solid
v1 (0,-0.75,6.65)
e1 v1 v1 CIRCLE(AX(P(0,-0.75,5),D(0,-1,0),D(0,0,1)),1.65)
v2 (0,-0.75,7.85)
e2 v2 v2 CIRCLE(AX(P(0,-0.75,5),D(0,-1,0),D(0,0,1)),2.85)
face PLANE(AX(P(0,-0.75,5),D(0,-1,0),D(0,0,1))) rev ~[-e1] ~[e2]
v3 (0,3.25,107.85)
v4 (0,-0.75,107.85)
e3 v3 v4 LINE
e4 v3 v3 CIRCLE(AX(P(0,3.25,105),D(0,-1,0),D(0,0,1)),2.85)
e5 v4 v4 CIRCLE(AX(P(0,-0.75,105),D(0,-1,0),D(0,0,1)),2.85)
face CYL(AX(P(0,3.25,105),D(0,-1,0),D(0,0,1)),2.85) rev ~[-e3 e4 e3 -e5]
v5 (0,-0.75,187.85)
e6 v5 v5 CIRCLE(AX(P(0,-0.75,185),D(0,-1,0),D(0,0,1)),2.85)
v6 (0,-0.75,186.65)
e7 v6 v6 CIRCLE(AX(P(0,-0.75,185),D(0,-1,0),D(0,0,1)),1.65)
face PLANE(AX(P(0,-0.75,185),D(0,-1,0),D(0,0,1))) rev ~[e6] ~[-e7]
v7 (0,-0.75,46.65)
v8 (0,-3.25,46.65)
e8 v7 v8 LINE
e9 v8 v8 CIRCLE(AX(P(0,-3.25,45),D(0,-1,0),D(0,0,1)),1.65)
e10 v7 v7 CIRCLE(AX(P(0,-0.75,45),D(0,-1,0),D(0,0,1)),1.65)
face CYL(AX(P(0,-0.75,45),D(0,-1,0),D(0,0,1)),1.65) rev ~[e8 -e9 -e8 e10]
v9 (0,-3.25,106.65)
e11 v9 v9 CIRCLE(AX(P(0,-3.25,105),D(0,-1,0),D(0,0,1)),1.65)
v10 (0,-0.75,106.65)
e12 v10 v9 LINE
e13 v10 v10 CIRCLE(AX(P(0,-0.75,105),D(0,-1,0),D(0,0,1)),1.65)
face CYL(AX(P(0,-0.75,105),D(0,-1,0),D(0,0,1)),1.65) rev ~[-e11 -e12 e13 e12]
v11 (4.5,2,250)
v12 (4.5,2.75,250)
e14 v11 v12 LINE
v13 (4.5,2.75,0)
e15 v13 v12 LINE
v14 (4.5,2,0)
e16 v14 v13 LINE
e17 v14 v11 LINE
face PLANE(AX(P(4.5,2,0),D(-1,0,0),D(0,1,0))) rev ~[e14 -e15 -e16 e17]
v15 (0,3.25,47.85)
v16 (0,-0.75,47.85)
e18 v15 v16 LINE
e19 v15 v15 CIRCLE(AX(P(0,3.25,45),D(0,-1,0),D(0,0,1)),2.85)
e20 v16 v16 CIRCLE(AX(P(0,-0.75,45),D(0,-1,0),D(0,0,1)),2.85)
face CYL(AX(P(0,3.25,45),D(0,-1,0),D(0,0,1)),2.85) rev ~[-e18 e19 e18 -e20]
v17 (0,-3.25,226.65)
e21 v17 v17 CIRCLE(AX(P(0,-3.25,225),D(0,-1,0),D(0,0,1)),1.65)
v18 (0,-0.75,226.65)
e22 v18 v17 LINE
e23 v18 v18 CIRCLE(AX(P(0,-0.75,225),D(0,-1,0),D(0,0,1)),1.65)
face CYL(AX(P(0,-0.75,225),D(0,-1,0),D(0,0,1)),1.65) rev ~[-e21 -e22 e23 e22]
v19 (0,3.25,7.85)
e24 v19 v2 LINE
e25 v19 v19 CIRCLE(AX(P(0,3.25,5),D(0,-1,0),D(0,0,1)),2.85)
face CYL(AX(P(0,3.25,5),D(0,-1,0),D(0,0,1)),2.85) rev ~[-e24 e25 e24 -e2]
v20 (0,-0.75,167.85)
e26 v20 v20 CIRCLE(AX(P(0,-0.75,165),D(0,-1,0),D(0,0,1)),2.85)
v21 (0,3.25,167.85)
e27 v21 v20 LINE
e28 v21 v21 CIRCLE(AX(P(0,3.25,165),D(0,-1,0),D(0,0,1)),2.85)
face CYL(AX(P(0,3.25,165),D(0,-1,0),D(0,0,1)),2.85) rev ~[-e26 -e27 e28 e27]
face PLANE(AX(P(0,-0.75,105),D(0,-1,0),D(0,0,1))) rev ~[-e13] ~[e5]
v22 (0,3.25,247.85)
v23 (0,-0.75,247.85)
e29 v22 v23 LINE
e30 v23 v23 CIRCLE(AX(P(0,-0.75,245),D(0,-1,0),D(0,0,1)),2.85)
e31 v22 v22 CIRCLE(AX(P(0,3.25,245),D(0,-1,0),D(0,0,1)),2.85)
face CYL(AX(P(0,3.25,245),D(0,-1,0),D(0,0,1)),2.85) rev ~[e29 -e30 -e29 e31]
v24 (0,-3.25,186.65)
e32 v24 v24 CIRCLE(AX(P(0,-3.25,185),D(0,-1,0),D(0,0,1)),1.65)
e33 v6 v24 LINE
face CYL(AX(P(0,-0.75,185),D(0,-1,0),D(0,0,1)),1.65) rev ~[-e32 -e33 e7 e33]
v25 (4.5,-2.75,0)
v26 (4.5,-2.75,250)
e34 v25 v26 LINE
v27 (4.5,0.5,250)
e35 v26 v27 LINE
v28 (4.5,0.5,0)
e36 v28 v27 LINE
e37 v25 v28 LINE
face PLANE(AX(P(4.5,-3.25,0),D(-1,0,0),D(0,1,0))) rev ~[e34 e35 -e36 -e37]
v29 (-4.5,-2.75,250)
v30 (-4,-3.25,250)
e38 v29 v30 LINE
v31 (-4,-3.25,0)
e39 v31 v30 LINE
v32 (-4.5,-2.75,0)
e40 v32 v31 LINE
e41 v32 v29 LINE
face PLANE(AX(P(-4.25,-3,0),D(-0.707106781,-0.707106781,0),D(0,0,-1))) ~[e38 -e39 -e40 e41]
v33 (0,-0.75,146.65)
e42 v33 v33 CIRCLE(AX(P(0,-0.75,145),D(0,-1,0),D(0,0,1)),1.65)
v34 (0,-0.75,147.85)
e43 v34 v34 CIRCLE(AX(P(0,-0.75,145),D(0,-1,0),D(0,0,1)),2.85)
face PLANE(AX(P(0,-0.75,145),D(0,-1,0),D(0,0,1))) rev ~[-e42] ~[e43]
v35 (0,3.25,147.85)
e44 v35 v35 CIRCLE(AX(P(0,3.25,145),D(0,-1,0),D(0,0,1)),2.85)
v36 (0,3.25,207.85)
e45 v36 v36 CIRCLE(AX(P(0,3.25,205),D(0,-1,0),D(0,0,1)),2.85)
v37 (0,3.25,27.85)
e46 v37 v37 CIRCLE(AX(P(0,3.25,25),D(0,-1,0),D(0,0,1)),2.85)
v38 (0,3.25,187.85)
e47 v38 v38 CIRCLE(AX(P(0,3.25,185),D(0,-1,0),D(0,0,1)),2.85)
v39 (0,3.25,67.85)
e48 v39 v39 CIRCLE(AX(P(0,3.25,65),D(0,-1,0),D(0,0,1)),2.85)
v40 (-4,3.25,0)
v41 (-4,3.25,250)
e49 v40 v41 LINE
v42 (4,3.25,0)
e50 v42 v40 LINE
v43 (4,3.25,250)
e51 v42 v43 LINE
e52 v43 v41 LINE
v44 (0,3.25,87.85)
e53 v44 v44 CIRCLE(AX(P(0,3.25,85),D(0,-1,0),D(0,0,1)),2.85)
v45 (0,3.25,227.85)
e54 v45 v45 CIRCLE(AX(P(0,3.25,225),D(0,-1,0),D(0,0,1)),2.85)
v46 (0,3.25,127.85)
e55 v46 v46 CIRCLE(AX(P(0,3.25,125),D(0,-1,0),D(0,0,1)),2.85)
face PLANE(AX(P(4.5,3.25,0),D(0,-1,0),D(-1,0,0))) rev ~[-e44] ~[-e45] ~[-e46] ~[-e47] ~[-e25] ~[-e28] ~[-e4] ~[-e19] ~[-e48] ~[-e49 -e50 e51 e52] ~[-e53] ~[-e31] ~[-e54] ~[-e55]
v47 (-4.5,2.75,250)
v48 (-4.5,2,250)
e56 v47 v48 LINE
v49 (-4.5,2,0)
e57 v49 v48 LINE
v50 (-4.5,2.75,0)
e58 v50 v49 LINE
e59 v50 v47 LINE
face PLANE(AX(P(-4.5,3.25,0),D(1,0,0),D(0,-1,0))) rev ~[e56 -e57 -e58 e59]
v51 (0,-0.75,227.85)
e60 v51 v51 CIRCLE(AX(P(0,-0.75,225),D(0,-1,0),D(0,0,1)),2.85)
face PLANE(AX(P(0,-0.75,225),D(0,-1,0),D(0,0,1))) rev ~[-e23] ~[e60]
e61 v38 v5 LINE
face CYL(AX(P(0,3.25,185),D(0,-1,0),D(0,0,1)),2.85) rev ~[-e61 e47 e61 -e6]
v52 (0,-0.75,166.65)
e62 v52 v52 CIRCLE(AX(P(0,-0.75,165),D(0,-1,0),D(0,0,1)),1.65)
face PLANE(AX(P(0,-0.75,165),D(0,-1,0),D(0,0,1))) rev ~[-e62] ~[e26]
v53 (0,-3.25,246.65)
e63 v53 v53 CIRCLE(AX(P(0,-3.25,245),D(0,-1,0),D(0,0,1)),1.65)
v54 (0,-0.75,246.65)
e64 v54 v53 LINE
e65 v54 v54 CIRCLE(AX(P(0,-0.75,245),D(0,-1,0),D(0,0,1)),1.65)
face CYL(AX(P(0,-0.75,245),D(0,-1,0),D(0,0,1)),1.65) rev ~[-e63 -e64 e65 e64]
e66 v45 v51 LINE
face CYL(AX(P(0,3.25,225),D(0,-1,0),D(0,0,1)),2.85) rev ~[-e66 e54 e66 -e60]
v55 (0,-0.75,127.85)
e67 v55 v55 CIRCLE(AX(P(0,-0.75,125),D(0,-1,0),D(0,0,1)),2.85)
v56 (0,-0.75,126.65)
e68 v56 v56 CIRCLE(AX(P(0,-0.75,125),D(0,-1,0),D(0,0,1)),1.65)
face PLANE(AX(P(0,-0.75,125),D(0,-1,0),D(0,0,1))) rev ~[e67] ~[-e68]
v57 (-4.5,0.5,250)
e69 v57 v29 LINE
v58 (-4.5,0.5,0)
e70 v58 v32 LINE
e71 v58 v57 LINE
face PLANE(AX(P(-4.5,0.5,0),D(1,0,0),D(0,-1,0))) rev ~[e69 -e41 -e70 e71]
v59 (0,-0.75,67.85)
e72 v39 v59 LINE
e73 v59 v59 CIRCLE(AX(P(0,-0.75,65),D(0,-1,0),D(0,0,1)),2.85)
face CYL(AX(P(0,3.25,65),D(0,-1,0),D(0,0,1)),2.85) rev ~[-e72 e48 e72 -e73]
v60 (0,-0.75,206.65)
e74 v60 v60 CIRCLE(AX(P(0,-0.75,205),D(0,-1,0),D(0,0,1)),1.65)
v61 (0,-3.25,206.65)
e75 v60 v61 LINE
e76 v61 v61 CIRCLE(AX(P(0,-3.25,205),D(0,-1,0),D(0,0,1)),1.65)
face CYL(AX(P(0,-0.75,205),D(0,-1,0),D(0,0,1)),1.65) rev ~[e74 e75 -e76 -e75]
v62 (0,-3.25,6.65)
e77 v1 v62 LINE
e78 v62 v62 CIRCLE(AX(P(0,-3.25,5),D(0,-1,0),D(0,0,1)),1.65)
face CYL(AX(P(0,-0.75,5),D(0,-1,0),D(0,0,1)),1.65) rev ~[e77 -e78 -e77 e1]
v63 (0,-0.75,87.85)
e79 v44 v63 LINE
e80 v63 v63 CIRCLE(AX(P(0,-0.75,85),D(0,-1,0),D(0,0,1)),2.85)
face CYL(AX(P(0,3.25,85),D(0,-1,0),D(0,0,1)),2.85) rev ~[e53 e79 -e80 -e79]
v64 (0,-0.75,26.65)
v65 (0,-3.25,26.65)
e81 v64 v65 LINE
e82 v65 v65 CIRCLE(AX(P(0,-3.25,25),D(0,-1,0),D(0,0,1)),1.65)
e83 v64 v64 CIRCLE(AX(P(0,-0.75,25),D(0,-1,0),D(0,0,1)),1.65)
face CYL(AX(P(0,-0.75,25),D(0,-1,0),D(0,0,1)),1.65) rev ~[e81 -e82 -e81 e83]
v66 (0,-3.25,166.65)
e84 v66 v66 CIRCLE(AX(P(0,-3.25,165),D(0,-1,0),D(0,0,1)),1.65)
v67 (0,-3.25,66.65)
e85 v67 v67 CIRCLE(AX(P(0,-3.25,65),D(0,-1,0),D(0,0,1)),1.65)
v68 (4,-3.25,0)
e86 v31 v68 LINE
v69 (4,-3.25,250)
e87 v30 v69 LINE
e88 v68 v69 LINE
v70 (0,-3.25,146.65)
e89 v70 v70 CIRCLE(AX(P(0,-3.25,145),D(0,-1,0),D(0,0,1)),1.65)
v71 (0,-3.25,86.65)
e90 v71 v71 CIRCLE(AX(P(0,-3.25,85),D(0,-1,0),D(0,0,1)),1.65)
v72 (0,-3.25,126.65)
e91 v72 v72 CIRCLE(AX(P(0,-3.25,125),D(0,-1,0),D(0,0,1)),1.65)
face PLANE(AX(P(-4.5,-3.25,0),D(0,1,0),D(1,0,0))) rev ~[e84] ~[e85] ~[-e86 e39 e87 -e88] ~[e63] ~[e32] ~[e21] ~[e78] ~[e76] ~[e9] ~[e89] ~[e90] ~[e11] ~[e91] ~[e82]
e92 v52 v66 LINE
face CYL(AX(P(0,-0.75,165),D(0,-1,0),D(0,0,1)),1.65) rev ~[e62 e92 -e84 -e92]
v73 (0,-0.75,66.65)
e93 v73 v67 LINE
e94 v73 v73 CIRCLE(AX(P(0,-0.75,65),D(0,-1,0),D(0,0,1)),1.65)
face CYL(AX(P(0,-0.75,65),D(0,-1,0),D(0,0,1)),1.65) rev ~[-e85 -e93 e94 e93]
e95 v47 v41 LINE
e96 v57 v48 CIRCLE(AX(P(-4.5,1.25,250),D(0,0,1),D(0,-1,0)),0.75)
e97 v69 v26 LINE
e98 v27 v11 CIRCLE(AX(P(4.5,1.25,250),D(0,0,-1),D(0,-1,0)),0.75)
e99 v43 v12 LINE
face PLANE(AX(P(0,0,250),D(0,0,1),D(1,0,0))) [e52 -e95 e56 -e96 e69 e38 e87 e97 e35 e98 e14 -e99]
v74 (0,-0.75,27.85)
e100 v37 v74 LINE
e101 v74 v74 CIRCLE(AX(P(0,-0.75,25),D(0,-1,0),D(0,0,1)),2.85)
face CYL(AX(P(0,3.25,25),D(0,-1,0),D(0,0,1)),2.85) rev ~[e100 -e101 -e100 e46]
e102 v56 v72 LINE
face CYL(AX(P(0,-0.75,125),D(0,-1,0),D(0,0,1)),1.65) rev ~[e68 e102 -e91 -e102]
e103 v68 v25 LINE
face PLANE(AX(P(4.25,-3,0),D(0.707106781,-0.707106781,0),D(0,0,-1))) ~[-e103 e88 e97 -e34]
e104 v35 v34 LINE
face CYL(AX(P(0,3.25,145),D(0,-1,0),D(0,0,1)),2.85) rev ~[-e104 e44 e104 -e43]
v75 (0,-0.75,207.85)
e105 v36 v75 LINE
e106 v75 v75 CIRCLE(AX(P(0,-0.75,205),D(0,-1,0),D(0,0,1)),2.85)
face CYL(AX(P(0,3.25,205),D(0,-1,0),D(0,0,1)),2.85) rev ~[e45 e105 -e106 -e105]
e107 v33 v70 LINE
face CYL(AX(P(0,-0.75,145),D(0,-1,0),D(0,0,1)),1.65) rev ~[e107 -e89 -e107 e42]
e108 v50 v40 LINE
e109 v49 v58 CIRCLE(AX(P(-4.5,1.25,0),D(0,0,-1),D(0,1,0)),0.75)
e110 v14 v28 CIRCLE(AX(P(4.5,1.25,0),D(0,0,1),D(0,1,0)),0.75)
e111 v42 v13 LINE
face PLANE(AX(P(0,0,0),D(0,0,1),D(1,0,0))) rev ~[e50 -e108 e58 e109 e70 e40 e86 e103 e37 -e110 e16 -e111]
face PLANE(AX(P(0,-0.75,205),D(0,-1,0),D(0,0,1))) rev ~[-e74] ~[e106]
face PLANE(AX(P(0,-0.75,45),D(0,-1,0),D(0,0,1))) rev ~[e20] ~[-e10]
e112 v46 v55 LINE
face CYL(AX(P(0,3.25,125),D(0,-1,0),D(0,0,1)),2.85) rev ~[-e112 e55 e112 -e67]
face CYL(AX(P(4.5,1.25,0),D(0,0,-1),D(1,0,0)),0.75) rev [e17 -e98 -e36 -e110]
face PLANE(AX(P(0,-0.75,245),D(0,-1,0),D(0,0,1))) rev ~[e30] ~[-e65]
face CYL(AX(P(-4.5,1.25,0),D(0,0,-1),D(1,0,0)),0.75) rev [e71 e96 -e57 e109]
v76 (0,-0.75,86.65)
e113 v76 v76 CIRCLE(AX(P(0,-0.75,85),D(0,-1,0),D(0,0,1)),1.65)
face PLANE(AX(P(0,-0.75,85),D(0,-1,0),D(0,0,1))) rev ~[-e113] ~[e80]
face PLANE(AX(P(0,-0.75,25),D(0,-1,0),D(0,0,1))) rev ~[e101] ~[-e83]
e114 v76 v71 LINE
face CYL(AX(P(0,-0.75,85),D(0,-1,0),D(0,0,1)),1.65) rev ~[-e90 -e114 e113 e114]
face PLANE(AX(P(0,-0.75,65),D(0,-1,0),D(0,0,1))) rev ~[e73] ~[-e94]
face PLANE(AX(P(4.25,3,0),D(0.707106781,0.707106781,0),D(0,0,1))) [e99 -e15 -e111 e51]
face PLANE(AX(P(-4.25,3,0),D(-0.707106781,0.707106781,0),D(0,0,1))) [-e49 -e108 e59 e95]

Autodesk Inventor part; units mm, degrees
ref_plane "YZ Plane" through (0, 0, 0) normal (1, 0, 0) x (0, 1, 0)
ref_plane "XZ Plane" through (0, 0, 0) normal (0, 1, 0) x (-1, 0, 0)
ref_plane "XY Plane" through (0, 0, 0) normal (0, 0, 1) x (1, 0, 0)
sketch "Sketch1" plane through (0, 0, 0) normal (0, 0, 1) x (1, 0, 0)
  line L0 (-4.5, -3.25) -> (4.5, -3.25)
  line L1 (4.5, -3.25) -> (4.5, 3.25)
  line L2 (4.5, 3.25) -> (-4.5, 3.25)
  line L3 (-4.5, 3.25) -> (-4.5, -3.25)
  line L4 (-4.5, -3.25) -> (4.5, 3.25) construction
  line L5 (4.5, -3.25) -> (-4.5, 3.25) construction
  circle A0 centre (-4.5, 1.25) radius 0.75
  circle A1 centre (4.5, 1.25) radius 0.75
  line L6 (-3.8126, 0.95) -> (3.8126, 0.95)
  line L7 (3.8126, 0.95) -> (3.8126, 1.55)
  line L8 (3.8126, 1.55) -> (-3.8126, 1.55)
  line L9 (-3.8126, 1.55) -> (-3.8126, 0.95)
  line L10 (-3.8126, 0.95) -> (3.8126, 1.55) construction
  line L11 (3.8126, 0.95) -> (-3.8126, 1.55) construction
  point P0 (0, 0)
  point P1 (0, 1.25)
  point P2 (-4.5, 2)
  point P3 (-4.5, 0.5)
  point P4 (4.5, 0.5)
  point P5 (4.5, 2)
  dimension "d2" = 1.5
  dimension "d0" = 9
  dimension "d1" = 6.5
  dimension "d3" = 4.5
  dimension "d4" = 0.6
extrude "Extrusion1" add sketch "Sketch1" along normal blind 250 contours L3 A0 L6 A1 L1 L0 | L3 L2 L1 A1 L8 A0 | A0 L8 A1 L6
chamfer "Chamfer1" distance 0.5 angle 45 4 edges at (-4.5, 3.25, 125) (-4.5, -3.25, 125) (4.5, 3.25, 125) (4.5, -3.25, 125)
sketch "Sketch2" plane through (-4, 3.25, 0) normal (0, 1, 0) x (1, 0, 0)
  line L0 (-0.5, 0) -> (-0.5, -250) projected
  line L1 (8, 0) -> (0, 0) projected
  point P0 (4, 0)
  point P1 (4, -5)
  point P2 (4, -25)
  point P3 (4, -45)
  point P4 (4, -65)
  point P5 (4, -85)
  point P6 (4, -105)
  point P7 (4, -125)
  point P8 (4, -145)
  point P9 (4, -165)
  point P10 (4, -185)
  point P11 (4, -205)
  point P12 (4, -225)
  point P13 (4, -245)
  dimension "d10" = 4.5
  dimension "d13" = 20
  dimension "d18" = 5
hole "Hole1" at (0, 3.25, 5) at (0, 3.25, 25) at (0, 3.25, 45) at (0, 3.25, 65) at (0, 3.25, 85) at (0, 3.25, 105) at (0, 3.25, 125) at (0, 3.25, 145) at (0, 3.25, 165) at (0, 3.25, 185) at (0, 3.25, 205) at (0, 3.25, 225) at (0, 3.25, 245) direction (0, -1, 0) diameter 3.3 depth 10 counterbore diameter 5.7 counterbore depth 4
properties part number "MGNRail250mm" material "Steel, Carbon"
